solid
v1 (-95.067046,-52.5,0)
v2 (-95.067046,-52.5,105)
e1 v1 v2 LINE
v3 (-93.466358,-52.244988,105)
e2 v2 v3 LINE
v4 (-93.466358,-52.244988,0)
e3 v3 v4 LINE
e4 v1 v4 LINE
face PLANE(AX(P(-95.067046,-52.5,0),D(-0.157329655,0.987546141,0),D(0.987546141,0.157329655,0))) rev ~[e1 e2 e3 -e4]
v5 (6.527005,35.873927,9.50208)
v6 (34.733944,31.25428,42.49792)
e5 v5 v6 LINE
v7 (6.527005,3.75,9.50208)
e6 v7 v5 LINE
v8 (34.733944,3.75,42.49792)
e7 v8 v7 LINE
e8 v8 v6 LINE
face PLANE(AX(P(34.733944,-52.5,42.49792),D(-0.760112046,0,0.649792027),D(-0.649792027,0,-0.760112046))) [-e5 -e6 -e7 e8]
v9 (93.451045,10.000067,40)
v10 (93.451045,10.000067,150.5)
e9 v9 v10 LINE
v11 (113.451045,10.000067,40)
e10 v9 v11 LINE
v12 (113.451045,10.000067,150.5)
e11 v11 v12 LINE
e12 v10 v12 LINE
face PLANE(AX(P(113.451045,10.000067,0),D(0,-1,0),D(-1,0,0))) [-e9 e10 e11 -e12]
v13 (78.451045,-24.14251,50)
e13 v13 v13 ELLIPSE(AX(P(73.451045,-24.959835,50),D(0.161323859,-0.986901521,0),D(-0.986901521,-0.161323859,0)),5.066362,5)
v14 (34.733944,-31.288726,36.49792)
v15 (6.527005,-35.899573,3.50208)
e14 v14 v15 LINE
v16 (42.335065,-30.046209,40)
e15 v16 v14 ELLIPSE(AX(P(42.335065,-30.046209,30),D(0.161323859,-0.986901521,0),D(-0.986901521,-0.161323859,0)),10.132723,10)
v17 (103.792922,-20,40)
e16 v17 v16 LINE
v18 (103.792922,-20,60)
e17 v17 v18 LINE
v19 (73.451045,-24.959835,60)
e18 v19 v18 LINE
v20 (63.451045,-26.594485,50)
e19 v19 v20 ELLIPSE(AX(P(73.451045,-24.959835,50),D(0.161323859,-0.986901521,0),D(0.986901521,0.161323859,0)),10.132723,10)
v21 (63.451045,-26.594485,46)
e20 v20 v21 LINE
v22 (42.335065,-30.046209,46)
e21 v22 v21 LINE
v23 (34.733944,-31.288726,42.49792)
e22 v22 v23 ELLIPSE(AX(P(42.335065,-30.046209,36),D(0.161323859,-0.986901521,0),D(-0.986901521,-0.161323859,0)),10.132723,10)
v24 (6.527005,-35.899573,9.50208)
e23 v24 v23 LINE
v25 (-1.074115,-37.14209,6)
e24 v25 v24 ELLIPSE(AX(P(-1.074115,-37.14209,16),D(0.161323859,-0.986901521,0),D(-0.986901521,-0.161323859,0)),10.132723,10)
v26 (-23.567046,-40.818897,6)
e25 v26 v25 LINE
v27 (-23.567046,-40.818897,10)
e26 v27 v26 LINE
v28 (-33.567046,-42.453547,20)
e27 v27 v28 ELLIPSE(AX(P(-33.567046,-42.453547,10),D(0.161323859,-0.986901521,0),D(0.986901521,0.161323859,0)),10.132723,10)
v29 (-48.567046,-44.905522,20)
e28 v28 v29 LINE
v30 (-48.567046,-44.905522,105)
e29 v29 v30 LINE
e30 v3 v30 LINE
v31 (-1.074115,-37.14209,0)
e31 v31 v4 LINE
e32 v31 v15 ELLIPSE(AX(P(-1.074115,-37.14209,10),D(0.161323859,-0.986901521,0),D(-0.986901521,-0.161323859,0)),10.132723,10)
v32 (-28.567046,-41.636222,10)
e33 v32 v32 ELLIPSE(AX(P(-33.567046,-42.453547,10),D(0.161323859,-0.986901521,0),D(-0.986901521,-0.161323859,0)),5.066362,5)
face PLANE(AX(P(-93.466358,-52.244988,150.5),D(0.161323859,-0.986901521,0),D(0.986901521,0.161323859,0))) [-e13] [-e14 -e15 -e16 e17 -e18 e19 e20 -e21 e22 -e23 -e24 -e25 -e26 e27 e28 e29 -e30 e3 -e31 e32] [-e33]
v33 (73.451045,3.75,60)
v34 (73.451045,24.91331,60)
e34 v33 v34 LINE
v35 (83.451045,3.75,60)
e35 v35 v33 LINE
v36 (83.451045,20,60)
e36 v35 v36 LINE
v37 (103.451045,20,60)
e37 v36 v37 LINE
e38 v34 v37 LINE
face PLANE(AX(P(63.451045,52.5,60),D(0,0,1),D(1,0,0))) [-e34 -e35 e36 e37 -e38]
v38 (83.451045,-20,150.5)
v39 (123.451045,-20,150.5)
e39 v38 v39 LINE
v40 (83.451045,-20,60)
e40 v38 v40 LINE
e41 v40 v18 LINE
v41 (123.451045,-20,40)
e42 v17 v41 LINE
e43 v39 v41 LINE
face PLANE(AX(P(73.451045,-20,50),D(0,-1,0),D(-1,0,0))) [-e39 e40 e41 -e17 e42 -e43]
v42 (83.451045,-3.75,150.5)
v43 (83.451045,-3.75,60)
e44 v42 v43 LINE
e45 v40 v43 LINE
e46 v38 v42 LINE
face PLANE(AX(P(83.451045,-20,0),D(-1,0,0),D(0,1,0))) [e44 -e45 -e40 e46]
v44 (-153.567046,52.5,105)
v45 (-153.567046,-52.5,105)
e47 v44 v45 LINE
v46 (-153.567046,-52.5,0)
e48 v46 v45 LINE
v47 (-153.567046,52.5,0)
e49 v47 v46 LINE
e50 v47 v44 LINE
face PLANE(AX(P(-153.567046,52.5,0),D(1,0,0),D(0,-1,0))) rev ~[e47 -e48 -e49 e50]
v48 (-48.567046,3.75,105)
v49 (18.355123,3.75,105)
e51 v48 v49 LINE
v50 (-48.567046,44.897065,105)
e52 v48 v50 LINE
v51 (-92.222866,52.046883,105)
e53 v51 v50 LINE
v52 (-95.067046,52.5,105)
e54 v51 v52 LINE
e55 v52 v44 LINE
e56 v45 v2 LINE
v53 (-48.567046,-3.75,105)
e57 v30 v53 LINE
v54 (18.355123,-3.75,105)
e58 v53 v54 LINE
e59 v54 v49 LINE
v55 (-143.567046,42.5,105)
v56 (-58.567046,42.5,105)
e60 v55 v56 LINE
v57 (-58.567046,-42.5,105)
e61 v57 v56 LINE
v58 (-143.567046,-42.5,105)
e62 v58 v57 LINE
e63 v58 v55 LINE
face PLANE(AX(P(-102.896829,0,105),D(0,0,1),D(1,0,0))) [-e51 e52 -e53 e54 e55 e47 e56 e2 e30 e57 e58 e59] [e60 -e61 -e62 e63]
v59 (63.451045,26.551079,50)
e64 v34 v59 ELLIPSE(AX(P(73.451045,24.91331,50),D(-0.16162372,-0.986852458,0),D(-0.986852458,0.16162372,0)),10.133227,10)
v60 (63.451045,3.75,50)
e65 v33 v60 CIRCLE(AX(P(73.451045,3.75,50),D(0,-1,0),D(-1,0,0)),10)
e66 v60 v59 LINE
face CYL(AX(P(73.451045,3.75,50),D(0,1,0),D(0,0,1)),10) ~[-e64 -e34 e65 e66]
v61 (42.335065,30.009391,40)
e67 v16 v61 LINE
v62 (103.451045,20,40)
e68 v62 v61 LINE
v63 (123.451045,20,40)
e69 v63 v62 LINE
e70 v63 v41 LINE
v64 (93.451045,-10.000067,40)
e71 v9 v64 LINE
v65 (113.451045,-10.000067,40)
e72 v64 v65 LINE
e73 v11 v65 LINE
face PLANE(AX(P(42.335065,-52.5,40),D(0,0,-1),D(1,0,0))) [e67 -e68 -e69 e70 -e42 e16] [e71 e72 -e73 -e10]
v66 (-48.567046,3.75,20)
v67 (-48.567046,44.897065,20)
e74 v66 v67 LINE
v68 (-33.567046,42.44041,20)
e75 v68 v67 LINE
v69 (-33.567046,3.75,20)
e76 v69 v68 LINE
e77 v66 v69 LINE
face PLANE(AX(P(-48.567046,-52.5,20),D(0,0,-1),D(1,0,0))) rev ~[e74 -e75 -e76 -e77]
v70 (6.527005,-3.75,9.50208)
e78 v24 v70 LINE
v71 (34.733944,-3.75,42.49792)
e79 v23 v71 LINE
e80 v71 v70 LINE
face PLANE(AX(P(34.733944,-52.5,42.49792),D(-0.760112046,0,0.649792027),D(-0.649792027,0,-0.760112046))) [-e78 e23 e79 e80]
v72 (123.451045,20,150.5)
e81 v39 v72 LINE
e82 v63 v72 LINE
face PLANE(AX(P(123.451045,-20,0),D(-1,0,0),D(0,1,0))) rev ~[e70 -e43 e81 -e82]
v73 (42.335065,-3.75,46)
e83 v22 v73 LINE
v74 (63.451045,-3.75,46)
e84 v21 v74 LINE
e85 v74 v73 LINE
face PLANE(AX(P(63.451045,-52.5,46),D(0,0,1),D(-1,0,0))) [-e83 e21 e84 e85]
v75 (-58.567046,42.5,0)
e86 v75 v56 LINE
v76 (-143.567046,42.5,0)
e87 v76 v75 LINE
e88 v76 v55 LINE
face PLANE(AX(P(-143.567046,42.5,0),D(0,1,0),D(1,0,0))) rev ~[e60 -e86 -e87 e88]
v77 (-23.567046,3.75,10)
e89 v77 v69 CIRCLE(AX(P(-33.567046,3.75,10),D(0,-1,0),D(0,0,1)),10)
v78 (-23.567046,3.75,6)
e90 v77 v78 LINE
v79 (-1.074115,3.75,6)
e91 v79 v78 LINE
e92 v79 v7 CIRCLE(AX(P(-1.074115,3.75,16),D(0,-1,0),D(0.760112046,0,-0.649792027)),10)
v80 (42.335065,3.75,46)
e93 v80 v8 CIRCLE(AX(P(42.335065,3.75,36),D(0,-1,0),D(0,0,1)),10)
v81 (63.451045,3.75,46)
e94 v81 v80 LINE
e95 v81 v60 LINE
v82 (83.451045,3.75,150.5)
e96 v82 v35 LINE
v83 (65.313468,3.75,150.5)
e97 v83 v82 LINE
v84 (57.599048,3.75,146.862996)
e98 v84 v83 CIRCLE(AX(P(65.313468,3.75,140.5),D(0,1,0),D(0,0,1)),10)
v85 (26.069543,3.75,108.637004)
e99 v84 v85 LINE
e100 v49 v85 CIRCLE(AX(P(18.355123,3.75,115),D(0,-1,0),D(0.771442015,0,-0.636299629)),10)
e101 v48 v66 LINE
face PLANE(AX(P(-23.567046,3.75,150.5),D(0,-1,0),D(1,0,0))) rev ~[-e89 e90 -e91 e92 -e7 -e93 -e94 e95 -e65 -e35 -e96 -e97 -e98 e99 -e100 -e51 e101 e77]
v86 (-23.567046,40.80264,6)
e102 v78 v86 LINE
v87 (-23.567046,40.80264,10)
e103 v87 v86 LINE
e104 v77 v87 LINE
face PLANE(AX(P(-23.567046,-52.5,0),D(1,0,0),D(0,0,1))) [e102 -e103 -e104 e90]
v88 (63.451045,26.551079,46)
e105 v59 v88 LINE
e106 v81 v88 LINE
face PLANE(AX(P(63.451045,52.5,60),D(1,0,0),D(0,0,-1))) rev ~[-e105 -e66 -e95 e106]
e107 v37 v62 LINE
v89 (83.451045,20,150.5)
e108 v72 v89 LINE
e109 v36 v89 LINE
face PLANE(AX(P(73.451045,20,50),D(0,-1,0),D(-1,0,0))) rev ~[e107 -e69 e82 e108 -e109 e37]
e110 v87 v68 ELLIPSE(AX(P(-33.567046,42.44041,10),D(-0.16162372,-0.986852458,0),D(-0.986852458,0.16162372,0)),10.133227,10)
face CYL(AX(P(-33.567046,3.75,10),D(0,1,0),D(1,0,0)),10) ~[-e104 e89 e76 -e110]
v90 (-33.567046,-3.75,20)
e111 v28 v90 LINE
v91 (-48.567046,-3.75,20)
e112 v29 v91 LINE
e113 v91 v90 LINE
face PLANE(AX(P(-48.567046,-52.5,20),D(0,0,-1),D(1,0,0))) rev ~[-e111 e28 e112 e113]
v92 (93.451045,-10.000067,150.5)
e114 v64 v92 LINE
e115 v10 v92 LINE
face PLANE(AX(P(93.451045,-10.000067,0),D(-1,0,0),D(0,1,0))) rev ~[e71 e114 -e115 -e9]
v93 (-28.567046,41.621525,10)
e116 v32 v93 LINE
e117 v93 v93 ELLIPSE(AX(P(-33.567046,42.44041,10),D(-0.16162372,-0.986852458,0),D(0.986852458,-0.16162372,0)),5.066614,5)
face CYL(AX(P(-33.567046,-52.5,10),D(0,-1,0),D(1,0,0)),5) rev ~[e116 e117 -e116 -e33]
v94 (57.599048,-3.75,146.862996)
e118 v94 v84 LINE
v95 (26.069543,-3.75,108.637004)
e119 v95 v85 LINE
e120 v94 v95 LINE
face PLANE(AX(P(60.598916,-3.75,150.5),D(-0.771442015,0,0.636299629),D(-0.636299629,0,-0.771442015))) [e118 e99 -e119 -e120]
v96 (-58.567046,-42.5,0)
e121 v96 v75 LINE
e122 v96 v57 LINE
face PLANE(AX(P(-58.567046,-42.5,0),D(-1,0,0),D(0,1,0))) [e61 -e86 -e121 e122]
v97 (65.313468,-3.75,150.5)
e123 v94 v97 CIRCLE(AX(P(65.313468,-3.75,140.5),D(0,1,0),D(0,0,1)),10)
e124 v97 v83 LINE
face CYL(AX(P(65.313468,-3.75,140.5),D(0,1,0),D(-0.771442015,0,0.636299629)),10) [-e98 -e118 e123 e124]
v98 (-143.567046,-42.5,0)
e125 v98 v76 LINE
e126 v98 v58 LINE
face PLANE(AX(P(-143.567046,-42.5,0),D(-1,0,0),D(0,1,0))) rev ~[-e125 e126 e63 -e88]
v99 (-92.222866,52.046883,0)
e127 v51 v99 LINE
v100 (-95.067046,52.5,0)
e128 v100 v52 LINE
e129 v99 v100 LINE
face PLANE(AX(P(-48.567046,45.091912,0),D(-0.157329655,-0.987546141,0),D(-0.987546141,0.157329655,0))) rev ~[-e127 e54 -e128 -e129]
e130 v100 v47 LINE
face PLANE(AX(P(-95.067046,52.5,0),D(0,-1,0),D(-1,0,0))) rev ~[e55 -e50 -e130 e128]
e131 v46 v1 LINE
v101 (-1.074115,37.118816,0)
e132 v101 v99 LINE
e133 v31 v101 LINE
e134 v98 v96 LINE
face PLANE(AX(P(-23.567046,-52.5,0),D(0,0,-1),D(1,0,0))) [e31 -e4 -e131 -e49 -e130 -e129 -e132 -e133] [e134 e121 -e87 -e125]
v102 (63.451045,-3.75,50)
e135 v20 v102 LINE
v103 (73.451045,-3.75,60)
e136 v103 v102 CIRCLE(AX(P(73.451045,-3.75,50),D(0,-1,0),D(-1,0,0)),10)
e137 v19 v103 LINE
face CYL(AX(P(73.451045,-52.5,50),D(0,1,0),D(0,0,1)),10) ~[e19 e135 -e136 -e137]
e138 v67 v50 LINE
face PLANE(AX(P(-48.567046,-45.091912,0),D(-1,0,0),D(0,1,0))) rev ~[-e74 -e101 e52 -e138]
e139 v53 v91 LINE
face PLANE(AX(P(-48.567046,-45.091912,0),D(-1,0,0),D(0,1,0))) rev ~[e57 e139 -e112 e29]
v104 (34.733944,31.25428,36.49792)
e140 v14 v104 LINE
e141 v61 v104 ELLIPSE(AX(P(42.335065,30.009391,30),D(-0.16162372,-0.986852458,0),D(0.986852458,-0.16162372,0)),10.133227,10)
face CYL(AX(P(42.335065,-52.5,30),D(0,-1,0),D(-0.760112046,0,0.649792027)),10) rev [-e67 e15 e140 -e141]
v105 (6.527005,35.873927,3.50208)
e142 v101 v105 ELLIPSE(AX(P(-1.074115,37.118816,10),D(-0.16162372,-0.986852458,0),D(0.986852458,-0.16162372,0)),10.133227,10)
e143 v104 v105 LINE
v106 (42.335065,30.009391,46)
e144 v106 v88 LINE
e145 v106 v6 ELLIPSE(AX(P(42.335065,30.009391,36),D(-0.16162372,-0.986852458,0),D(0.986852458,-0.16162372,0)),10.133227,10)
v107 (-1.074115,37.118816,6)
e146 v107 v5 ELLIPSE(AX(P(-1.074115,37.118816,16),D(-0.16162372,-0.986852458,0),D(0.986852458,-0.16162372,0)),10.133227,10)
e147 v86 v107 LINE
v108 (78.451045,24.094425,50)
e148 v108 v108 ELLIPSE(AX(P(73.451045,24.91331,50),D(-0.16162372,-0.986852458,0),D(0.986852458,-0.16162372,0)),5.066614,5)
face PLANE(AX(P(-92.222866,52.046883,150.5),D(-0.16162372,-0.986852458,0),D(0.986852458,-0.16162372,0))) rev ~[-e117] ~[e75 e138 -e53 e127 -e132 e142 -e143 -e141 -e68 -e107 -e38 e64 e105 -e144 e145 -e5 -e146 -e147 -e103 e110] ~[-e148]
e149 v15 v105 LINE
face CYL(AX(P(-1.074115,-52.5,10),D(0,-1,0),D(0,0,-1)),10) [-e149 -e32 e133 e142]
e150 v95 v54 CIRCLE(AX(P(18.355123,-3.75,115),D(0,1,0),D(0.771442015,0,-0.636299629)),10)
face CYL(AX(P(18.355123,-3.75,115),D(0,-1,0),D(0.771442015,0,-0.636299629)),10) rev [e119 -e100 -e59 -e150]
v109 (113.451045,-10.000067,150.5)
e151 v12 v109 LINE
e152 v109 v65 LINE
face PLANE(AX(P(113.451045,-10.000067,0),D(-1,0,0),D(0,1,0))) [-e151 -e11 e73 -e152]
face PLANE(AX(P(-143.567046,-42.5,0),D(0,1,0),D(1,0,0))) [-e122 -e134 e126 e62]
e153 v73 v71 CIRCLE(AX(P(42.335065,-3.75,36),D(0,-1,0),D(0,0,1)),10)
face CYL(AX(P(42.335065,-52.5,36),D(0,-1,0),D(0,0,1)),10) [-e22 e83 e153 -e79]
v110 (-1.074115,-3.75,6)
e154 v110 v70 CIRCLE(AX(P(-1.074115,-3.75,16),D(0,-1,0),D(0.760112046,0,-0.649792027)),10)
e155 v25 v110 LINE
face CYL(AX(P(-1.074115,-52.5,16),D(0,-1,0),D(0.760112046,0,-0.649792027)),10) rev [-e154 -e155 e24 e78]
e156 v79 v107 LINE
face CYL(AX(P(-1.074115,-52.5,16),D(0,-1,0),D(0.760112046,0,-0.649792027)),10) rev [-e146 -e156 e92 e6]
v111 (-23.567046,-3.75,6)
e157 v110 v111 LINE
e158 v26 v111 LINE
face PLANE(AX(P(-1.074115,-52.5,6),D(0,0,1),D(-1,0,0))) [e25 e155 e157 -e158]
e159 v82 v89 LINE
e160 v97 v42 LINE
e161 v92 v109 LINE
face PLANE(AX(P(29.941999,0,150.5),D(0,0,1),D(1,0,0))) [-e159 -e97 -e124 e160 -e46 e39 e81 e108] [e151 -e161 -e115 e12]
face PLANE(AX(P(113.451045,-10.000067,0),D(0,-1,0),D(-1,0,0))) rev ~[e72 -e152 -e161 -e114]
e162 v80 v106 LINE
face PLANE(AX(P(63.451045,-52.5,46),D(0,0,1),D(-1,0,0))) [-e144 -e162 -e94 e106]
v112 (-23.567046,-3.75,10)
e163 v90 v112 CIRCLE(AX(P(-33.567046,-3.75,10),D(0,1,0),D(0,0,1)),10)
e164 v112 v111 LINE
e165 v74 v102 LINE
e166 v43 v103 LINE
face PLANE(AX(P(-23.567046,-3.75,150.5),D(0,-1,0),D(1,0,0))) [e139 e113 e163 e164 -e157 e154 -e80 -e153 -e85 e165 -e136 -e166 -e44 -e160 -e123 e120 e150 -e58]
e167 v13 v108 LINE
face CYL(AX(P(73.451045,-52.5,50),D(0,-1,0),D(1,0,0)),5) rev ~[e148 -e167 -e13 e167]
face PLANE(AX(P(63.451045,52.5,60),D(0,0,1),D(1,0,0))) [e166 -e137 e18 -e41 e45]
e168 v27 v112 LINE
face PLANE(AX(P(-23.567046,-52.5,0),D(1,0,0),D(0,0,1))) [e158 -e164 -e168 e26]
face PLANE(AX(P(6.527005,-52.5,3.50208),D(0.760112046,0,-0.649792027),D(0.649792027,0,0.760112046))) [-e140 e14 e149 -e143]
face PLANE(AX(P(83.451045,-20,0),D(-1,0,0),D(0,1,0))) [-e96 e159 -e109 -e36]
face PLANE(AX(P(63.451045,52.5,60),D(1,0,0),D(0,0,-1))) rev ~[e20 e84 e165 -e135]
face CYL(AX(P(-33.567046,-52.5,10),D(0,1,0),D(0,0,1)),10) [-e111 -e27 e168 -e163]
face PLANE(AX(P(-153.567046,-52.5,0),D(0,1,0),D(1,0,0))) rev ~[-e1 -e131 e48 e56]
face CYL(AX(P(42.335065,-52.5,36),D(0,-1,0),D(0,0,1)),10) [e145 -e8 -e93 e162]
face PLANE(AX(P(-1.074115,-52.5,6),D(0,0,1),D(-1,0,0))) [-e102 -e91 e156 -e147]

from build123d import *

# Parameters (mm, degrees)
ESQUISSE1_W             = 85
ESQUISSE1_H             = 85
BOSS_EXTRU_1_DEPTH      = 105
ESQUISSE2_W             = 25
ESQUISSE2_H             = 20
BOSS_EXTRU_2_DEPTH      = 105
ESQUISSE3_R             = 5
ENL_V_MAT_EXTRU_1_DEPTH = 106
BOSS_EXTRU_3_REACH      = 107
ESQUISSE5_W             = 25
ESQUISSE5_H             = 7.5
CONG_1_R                = 10
ESQUISSE6_W             = 40
ESQUISSE6_H             = 40
ESQUISSE6_W_2           = 20
ESQUISSE6_H_2           = 20.000133682
BOSS_EXTRU_5_DEPTH      = 83
BOSS_EXTRU_5_DEPTH_BACK = 176
ESQUISSE7_W             = 67.482972399
ESQUISSE7_H             = 90.273524416
ESQUISSE7_H_2           = 40
ENL_V_MAT_EXTRU_2_DEPTH = 106
ESQUISSE8_W             = 40
ESQUISSE8_H             = 25.5
ENL_V_MAT_EXTRU_3_DEPTH = 73.5
ESQUISSE9_W             = 20
ESQUISSE9_H             = 20
BOSS_EXTRU_7_DEPTH      = 40
ESQUISSE11_W            = 40.341877054
ESQUISSE11_H            = 20
BOSS_EXTRU_8_DEPTH      = 32.5
ESQUISSE12_W            = 40
ESQUISSE12_H            = 20
BOSS_EXTRU_9_DEPTH      = 32.5
ESQUISSE13_R            = 5
ENL_V_MAT_EXTRU_4_DEPTH = 106
BOSS_EXTRU_11_DEPTH     = 105
BOSS_EXTRU_12_REACH     = 152.5
ESQUISSE15_W            = 107.018090517
ESQUISSE15_H            = 7.5
CONG_2_R                = 10
CONG_3_R                = 10
ENL_V_MAT_EXTRU_6_DEPTH = 57.25
CONG_4_R                = 10
ENL_V_MAT_EXTRU_7_DEPTH = 151.5
ENL_V_MAT_EXTRU_8_DEPTH = 151.5
ENL_V_MAT_EXTRU_9_DEPTH = 151.5


with BuildPart() as part:
    # Esquisse1 → Boss.-Extru.1 (new body)
    with BuildSketch(Plane.XY):
        Polygon((-48.567045776, 45.091911765), (-95.067045776, 52.5), (-153.567045776, 52.5), (-153.567045776, -52.5), (-95.067045776, -52.5), (-48.567045776, -45.091911765), align=None)
        with Locations((-101.067045776, 0)):
            Rectangle(ESQUISSE1_W, ESQUISSE1_H, mode=Mode.SUBTRACT)
    extrude(amount=BOSS_EXTRU_1_DEPTH)

    # Esquisse2 → Boss.-Extru.2 (add, through all)
    with BuildSketch(Plane.XZ.offset(52.5)):
        with Locations((-36.067045776, 10)):
            Rectangle(ESQUISSE2_W, ESQUISSE2_H)
    extrude(amount=-BOSS_EXTRU_2_DEPTH)

    # Esquisse3 → Enlèv. mat.-Extru.1 (cut, through all)
    with BuildSketch(Plane.XZ.offset(52.5)):
        with Locations((-33.567045776, 10)):
            Circle(ESQUISSE3_R)
    extrude(amount=-ENL_V_MAT_EXTRU_1_DEPTH, mode=Mode.SUBTRACT)

    # Esquisse5 → Boss.-Extru.3 (add, up to next)
    with BuildSketch(Plane.XY.offset(105), mode=Mode.PRIVATE) as boss_extru_3_sk1:
        with Locations((-36.067045776, 0)):
            Rectangle(ESQUISSE5_W, ESQUISSE5_H)
    boss_extru_3_tool1 = extrude(boss_extru_3_sk1.sketch, amount=-BOSS_EXTRU_3_REACH, mode=Mode.PRIVATE) - part.part
    add(boss_extru_3_tool1.solids().sort_by_distance((-36.067046, 0, 105))[0])

    # Congé1
    cong_1_edges = [part.edges().sort_by_distance(p)[0] for p in [
        (-23.567045776, 28.125, 20),
        (-23.567045776, -28.125, 20),
    ]]
    fillet(cong_1_edges, radius=CONG_1_R)



with BuildPart() as body_2:
    # Esquisse6 → Boss.-Extru.5 (new body, two sides)
    with BuildSketch(Plane(origin=(0, 0, 0), x_dir=(-1, 0, 0), z_dir=(0, 0, -1))) as boss_extru_5_sk:
        with Locations((-103.451044741, 0)):
            Rectangle(ESQUISSE6_W, ESQUISSE6_H)
        with Locations((-103.451044741, 0)):
            Rectangle(ESQUISSE6_W_2, ESQUISSE6_H_2, mode=Mode.SUBTRACT)
    extrude(amount=BOSS_EXTRU_5_DEPTH)
    extrude(boss_extru_5_sk.sketch, amount=-BOSS_EXTRU_5_DEPTH_BACK)

    # Esquisse7 → Enlèv. mat.-Extru.2 (cut, through all)
    with BuildSketch(Plane.XZ.offset(52.5)):
        with Locations((109.464150934, -45.136762208)):
            Rectangle(ESQUISSE7_W, ESQUISSE7_H)
        with Locations((109.464150934, 20)):
            Rectangle(ESQUISSE7_W, ESQUISSE7_H_2)
    extrude(amount=-ENL_V_MAT_EXTRU_2_DEPTH, mode=Mode.SUBTRACT)

    # Esquisse8 → Enlèv. mat.-Extru.3 (cut, through all)
    with BuildSketch(Plane.XZ.offset(20)):
        with Locations((103.451044741, 163.25)):
            Rectangle(ESQUISSE8_W, ESQUISSE8_H)
    extrude(amount=-ENL_V_MAT_EXTRU_3_DEPTH, mode=Mode.SUBTRACT)

    # Esquisse9 → Boss.-Extru.7 (add)
    with BuildSketch(Plane(origin=(0, -20, 0), x_dir=(-1, 0, 0), z_dir=(0, -1, 0))):
        with Locations((-73.451044741, -50)):
            Rectangle(ESQUISSE9_W, ESQUISSE9_H)
    extrude(amount=-BOSS_EXTRU_7_DEPTH)

    # Esquisse11 → Boss.-Extru.8 (add)
    with BuildSketch(Plane.XZ.offset(52.5)):
        with Locations((83.621983268, 50)):
            Rectangle(ESQUISSE11_W, ESQUISSE11_H)
    extrude(amount=-BOSS_EXTRU_8_DEPTH)

    # Esquisse12 → Boss.-Extru.9 (add)
    with BuildSketch(Plane(origin=(0, 52.5, 0), x_dir=(1, 0, 0), z_dir=(0, 1, 0))):
        with Locations((83.451044741, -50)):
            Rectangle(ESQUISSE12_W, ESQUISSE12_H)
    extrude(amount=-BOSS_EXTRU_9_DEPTH)

    # Esquisse13 → Enlèv. mat.-Extru.4 (cut, through all)
    with BuildSketch(Plane.XZ.offset(52.5)):
        with Locations((73.451044741, 50)):
            Circle(ESQUISSE13_R)
    extrude(amount=-ENL_V_MAT_EXTRU_4_DEPTH, mode=Mode.SUBTRACT)


with BuildPart() as part_1:
    add(part.part)

    add(body_2.part)  # Boss.-Extru.11 merges body 2
    # Esquisse14 → Boss.-Extru.11 (add, through all)
    with BuildSketch(Plane.XZ.offset(52.5)):
        with BuildLine():
            Line((-23.567045776, 0), (-1.074115191, 0))
            ThreePointArc((-1.074115191, 0), (3.110427636, 0.917621383), (6.527005267, 3.502079733))
            Line((6.527005267, 3.502079733), (34.733944249, 36.497920267))
            ThreePointArc((34.733944249, 36.497920267), (38.15052188, 39.082378617), (42.335064706, 40))
            Line((42.335064706, 40), (63.451044741, 40))
            Line((63.451044741, 40), (63.451044741, 46))
            Line((63.451044741, 46), (42.335064706, 46))
            ThreePointArc((42.335064706, 46), (38.15052188, 45.082378617), (34.733944249, 42.497920267))
            Line((34.733944249, 42.497920267), (6.527005267, 9.502079733))
            ThreePointArc((6.527005267, 9.502079733), (3.110427636, 6.917621383), (-1.074115191, 6))
            Line((-1.074115191, 6), (-23.567045776, 6))
            Line((-23.567045776, 6), (-23.567045776, 0))
        make_face()
    extrude(amount=-BOSS_EXTRU_11_DEPTH)

    # Esquisse15 → Boss.-Extru.12 (add, up to next)
    with BuildSketch(Plane.XY.offset(150.5), mode=Mode.PRIVATE) as boss_extru_12_sk1:
        with Locations((29.941999483, 0)):
            Rectangle(ESQUISSE15_W, ESQUISSE15_H)
    boss_extru_12_tool1 = extrude(boss_extru_12_sk1.sketch, amount=-BOSS_EXTRU_12_REACH, mode=Mode.PRIVATE) - part_1.part
    add(boss_extru_12_tool1.solids().sort_by_distance((29.941999, 0, 150.5))[0])

    # Congé2
    cong_2_edges = [part_1.edges().sort_by_distance(p)[0] for p in [
        (63.451044741, -28.125, 60),
    ]]
    fillet(cong_2_edges, radius=CONG_2_R)

    # Congé3
    cong_3_edges = [part_1.edges().sort_by_distance(p)[0] for p in [
        (63.451044741, 28.125, 60),
    ]]
    fillet(cong_3_edges, radius=CONG_3_R)

    # Esquisse16 → Enlèv. mat.-Extru.6 (cut, through all)
    with BuildSketch(Plane.XZ.offset(3.75)):
        with BuildLine():
            Line((60.598915971, 150.5), (26.069543092, 108.637003713))
            ThreePointArc((26.069543092, 108.637003713), (22.619512531, 105.954836572), (18.355122942, 105))
            Line((18.355122942, 105), (-23.567045776, 105))
            Line((-23.567045776, 105), (-23.567045776, 150.5))
            Line((-23.567045776, 150.5), (60.598915971, 150.5))
        make_face()
    extrude(amount=-ENL_V_MAT_EXTRU_6_DEPTH, mode=Mode.SUBTRACT)

    # Congé4
    cong_4_edges = [part_1.edges().sort_by_distance(p)[0] for p in [
        (60.598915971, 0, 150.5),
    ]]
    fillet(cong_4_edges, radius=CONG_4_R)

    # Esquisse17 → Enlèv. mat.-Extru.7 (cut, through all)
    with BuildSketch(Plane.XY.offset(150.5)):
        Polygon((-93.466358172, -52.244988494), (103.792921795, -20), (103.792921795, -55.275638449), align=None)
    extrude(amount=-ENL_V_MAT_EXTRU_7_DEPTH, mode=Mode.SUBTRACT)

    # Esquisse18 → Enlèv. mat.-Extru.8 (cut, through all)
    with BuildSketch(Plane.XY.offset(150.5)):
        Polygon((-92.222865715, 52.046883079), (103.451044741, 20), (103.451044741, 52.5), align=None)
    extrude(amount=-ENL_V_MAT_EXTRU_8_DEPTH, mode=Mode.SUBTRACT)

    # Esquisse19 → Enlèv. mat.-Extru.9 (cut, through all)
    with BuildSketch(Plane.XY.offset(150.5)):
        Polygon((-79.463248921, 79.178617238), (139.979375794, 56.935567532), (111.241114329, 33.487041007), (-48.920553802, 47.63996467), align=None)
    extrude(amount=-ENL_V_MAT_EXTRU_9_DEPTH, mode=Mode.SUBTRACT)


solid = part_1.part
